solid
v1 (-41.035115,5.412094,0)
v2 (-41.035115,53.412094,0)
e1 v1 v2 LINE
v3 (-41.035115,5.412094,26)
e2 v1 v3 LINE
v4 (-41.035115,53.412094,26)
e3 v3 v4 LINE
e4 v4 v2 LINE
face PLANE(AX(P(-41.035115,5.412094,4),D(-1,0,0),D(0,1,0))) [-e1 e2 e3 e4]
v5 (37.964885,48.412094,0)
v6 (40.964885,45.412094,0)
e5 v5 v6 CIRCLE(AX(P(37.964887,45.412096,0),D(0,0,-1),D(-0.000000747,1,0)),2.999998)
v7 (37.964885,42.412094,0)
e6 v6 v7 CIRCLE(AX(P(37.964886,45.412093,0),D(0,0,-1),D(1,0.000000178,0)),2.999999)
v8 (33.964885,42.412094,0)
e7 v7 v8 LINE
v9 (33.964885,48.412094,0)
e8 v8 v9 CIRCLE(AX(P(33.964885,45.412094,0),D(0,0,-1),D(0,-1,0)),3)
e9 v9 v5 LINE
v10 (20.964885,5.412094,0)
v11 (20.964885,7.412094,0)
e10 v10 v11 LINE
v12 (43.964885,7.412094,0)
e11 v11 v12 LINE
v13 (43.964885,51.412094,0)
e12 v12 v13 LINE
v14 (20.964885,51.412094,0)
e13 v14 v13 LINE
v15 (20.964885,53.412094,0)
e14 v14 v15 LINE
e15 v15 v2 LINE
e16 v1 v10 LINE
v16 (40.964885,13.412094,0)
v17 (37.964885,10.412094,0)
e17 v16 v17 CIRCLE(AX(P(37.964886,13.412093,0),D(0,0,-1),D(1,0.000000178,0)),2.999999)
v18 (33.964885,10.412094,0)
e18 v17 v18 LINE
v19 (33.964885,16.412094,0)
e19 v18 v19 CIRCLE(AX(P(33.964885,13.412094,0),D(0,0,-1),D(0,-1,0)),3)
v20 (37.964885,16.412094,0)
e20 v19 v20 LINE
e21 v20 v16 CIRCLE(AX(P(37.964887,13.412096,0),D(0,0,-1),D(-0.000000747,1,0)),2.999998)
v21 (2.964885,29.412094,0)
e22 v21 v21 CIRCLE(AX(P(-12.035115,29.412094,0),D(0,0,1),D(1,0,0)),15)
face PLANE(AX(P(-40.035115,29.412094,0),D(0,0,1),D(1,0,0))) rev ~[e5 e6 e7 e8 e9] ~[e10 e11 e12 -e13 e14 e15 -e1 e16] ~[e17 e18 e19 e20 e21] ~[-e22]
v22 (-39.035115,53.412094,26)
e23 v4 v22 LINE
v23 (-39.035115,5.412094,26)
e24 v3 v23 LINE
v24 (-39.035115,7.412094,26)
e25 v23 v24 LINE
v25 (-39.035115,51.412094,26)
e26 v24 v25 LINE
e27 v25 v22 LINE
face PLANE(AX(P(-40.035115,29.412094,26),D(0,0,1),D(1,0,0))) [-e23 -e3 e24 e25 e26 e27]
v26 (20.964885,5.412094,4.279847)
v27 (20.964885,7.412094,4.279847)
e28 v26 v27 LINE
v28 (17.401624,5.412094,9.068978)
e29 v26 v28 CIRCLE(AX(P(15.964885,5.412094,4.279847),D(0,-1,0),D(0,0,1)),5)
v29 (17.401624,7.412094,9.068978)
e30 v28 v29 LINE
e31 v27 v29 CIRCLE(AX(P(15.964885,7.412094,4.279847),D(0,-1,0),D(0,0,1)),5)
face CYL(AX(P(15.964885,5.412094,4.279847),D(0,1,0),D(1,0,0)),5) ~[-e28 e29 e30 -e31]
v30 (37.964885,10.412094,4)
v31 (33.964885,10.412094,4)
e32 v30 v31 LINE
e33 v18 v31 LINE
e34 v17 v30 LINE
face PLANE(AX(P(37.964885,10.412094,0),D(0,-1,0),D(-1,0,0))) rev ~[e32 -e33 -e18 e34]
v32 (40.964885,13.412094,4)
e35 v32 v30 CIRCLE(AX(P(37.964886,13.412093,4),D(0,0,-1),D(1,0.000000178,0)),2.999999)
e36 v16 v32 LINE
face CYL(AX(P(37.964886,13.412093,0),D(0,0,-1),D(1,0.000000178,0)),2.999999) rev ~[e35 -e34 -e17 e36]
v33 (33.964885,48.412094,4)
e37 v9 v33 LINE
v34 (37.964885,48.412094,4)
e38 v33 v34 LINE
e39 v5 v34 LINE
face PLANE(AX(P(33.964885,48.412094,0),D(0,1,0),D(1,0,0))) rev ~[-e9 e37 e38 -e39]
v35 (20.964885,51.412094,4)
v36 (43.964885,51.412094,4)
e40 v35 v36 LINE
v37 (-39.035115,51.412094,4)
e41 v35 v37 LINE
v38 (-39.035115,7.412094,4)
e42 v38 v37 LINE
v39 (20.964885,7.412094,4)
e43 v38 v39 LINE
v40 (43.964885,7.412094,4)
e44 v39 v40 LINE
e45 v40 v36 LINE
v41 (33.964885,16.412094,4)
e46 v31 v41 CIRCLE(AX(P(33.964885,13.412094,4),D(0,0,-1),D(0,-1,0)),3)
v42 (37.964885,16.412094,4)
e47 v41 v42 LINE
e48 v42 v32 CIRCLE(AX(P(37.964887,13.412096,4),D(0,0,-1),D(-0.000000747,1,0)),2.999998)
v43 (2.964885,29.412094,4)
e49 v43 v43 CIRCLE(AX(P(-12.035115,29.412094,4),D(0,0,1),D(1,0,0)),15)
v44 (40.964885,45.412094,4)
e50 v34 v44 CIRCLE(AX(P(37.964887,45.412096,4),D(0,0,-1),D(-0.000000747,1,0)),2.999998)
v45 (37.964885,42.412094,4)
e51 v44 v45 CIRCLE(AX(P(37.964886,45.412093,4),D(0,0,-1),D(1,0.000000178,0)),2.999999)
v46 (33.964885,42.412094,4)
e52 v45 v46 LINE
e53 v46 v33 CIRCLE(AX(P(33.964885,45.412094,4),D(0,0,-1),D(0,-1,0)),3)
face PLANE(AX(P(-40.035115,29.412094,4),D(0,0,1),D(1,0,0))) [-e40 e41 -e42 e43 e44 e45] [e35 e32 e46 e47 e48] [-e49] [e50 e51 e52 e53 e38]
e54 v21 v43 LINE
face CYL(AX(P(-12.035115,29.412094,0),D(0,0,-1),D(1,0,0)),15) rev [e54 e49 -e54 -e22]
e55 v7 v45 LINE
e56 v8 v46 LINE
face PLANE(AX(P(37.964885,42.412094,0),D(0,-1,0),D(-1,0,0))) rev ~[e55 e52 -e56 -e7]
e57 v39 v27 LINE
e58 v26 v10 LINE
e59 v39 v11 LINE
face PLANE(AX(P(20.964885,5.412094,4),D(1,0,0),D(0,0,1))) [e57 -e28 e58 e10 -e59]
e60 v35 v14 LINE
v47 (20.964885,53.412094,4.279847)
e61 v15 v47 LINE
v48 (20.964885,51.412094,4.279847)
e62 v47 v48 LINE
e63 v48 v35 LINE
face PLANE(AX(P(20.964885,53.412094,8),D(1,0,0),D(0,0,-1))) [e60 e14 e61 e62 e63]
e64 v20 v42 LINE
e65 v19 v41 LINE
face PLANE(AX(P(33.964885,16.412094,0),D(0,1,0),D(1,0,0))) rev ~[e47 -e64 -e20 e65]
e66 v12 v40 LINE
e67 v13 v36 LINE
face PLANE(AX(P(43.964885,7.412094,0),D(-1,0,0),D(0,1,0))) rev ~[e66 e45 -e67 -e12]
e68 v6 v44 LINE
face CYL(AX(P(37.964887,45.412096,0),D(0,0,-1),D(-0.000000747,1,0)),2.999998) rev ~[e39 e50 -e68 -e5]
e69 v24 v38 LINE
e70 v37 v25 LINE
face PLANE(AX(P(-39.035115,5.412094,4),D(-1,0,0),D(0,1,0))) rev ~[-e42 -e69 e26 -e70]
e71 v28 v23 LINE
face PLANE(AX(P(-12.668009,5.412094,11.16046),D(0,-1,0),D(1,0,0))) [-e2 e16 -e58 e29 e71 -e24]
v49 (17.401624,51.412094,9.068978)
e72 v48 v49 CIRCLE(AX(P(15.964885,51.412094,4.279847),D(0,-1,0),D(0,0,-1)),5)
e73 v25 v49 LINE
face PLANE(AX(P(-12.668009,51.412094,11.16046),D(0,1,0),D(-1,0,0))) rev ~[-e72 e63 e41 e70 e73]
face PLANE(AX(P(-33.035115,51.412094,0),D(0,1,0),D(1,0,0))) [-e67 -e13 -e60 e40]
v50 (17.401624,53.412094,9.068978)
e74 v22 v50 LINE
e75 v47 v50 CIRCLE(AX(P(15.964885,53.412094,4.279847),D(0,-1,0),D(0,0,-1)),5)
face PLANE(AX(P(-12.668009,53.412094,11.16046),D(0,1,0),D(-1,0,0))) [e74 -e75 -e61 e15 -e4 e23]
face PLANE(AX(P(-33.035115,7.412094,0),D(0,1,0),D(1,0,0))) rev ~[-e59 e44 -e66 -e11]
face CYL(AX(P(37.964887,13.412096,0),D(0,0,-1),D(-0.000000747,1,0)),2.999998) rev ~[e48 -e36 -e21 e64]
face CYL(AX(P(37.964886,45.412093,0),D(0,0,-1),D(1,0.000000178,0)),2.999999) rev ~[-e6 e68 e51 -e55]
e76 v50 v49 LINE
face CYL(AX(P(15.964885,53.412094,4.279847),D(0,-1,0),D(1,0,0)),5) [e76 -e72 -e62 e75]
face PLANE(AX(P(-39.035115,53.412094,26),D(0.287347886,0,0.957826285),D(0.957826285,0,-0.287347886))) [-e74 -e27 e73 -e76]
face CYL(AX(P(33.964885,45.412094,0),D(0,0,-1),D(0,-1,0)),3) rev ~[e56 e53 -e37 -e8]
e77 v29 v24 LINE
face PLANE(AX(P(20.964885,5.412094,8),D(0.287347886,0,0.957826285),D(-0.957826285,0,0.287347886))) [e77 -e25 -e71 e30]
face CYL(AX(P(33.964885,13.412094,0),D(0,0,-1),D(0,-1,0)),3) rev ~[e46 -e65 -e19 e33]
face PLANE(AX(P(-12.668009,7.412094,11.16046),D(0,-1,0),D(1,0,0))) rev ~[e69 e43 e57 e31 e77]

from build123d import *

# Parameters (mm, degrees)
F0_W      = 77
F0_H      = 44
F0_R      = 15
F1_DEPTH  = 4
F2_W      = 54
F2_H      = 2
F3_DEPTH  = 4
F4_W      = 2
F4_H      = 48
F5_DEPTH  = 4
F6_W      = 2
F6_H      = 48
F7_DEPTH  = 22
F9_DEPTH  = 2
F11_DEPTH = 2
F12_R     = 5
F13_R     = 5


with BuildPart() as f1:
    # F0 (on Top) → F1 (new body)
    with BuildSketch(Plane.XY):
        with Locations((5.464885, 29.412094)):
            Rectangle(F0_W, F0_H)
        with BuildLine():
            ThreePointArc((37.964885, 16.412094), (40.086206, 15.533415), (40.964885, 13.412094))
            ThreePointArc((40.964885, 13.412094), (40.086206, 11.290774), (37.964885, 10.412094))
            Line((37.964885, 10.412094), (33.964885, 10.412094))
            ThreePointArc((33.964885, 10.412094), (30.964885, 13.412094), (33.964885, 16.412094))
            Line((33.964885, 16.412094), (37.964885, 16.412094))
        make_face(mode=Mode.SUBTRACT)
        with Locations((-12.035115, 29.412094)):
            Circle(F0_R, mode=Mode.SUBTRACT)
        with BuildLine():
            ThreePointArc((37.964885, 48.412094), (40.086206, 47.533415), (40.964885, 45.412094))
            ThreePointArc((40.964885, 45.412094), (40.086206, 43.290774), (37.964885, 42.412094))
            Line((37.964885, 42.412094), (33.964885, 42.412094))
            ThreePointArc((33.964885, 42.412094), (30.964885, 45.412094), (33.964885, 48.412094))
            Line((33.964885, 48.412094), (37.964885, 48.412094))
        make_face(mode=Mode.SUBTRACT)
    extrude(amount=F1_DEPTH)



with BuildPart() as f3:
    # F2 (on face) → F3 (new body)
    with BuildSketch(Plane.XY.offset(4)):
        with Locations((-6.035115, 52.412094)):
            Rectangle(F2_W, F2_H)
        Polygon((-33.035115, 7.412094), (-33.035115, 51.412094), (-33.035115, 53.412094), (-39.035115, 53.412094), (-39.035115, 5.412094), (-33.035115, 5.412094), align=None)
        with Locations((-6.035115, 6.412094)):
            Rectangle(F2_W, F2_H)
    extrude(amount=-F3_DEPTH)

    # F4 (on face) → F5 (join)
    with BuildSketch(Plane.XY.offset(4)):
        with Locations((-40.035115, 29.412094)):
            Rectangle(F4_W, F4_H)
    extrude(amount=-F5_DEPTH)

    # F6 (on face) → F7 (join)
    with BuildSketch(Plane.XY.offset(4)):
        with Locations((-40.035115, 29.412094)):
            Rectangle(F6_W, F6_H)
    extrude(amount=F7_DEPTH)


with BuildPart() as f1_1:
    add(f1.part)

    add(f3.part)  # F9 merges F3
    # F8 (on face) → F9 (join)
    with BuildSketch(Plane.XZ.offset(-5.412094)):
        Polygon((-39.035115, 4), (20.964885, 4), (20.964885, 8), (-39.035115, 26), align=None)
    extrude(amount=-F9_DEPTH)

    # F10 (on face) → F11 (join)
    with BuildSketch(Plane(origin=(0, 53.412094, 0), x_dir=(-1, 0, 0), z_dir=(0, 1, 0))):
        Polygon((-20.964885, 8), (-20.964885, 4), (39.035115, 4), (39.035115, 26), align=None)
    extrude(amount=-F11_DEPTH)

    # F12
    f12_edges = [f1_1.edges().sort_by_distance(p)[0] for p in [
        (20.964885, 52.412094, 8),
    ]]
    fillet(f12_edges, radius=F12_R)

    # F13
    f13_edges = [f1_1.edges().sort_by_distance(p)[0] for p in [
        (20.964885, 6.412094, 8),
    ]]
    fillet(f13_edges, radius=F13_R)


solid = f1_1.part
